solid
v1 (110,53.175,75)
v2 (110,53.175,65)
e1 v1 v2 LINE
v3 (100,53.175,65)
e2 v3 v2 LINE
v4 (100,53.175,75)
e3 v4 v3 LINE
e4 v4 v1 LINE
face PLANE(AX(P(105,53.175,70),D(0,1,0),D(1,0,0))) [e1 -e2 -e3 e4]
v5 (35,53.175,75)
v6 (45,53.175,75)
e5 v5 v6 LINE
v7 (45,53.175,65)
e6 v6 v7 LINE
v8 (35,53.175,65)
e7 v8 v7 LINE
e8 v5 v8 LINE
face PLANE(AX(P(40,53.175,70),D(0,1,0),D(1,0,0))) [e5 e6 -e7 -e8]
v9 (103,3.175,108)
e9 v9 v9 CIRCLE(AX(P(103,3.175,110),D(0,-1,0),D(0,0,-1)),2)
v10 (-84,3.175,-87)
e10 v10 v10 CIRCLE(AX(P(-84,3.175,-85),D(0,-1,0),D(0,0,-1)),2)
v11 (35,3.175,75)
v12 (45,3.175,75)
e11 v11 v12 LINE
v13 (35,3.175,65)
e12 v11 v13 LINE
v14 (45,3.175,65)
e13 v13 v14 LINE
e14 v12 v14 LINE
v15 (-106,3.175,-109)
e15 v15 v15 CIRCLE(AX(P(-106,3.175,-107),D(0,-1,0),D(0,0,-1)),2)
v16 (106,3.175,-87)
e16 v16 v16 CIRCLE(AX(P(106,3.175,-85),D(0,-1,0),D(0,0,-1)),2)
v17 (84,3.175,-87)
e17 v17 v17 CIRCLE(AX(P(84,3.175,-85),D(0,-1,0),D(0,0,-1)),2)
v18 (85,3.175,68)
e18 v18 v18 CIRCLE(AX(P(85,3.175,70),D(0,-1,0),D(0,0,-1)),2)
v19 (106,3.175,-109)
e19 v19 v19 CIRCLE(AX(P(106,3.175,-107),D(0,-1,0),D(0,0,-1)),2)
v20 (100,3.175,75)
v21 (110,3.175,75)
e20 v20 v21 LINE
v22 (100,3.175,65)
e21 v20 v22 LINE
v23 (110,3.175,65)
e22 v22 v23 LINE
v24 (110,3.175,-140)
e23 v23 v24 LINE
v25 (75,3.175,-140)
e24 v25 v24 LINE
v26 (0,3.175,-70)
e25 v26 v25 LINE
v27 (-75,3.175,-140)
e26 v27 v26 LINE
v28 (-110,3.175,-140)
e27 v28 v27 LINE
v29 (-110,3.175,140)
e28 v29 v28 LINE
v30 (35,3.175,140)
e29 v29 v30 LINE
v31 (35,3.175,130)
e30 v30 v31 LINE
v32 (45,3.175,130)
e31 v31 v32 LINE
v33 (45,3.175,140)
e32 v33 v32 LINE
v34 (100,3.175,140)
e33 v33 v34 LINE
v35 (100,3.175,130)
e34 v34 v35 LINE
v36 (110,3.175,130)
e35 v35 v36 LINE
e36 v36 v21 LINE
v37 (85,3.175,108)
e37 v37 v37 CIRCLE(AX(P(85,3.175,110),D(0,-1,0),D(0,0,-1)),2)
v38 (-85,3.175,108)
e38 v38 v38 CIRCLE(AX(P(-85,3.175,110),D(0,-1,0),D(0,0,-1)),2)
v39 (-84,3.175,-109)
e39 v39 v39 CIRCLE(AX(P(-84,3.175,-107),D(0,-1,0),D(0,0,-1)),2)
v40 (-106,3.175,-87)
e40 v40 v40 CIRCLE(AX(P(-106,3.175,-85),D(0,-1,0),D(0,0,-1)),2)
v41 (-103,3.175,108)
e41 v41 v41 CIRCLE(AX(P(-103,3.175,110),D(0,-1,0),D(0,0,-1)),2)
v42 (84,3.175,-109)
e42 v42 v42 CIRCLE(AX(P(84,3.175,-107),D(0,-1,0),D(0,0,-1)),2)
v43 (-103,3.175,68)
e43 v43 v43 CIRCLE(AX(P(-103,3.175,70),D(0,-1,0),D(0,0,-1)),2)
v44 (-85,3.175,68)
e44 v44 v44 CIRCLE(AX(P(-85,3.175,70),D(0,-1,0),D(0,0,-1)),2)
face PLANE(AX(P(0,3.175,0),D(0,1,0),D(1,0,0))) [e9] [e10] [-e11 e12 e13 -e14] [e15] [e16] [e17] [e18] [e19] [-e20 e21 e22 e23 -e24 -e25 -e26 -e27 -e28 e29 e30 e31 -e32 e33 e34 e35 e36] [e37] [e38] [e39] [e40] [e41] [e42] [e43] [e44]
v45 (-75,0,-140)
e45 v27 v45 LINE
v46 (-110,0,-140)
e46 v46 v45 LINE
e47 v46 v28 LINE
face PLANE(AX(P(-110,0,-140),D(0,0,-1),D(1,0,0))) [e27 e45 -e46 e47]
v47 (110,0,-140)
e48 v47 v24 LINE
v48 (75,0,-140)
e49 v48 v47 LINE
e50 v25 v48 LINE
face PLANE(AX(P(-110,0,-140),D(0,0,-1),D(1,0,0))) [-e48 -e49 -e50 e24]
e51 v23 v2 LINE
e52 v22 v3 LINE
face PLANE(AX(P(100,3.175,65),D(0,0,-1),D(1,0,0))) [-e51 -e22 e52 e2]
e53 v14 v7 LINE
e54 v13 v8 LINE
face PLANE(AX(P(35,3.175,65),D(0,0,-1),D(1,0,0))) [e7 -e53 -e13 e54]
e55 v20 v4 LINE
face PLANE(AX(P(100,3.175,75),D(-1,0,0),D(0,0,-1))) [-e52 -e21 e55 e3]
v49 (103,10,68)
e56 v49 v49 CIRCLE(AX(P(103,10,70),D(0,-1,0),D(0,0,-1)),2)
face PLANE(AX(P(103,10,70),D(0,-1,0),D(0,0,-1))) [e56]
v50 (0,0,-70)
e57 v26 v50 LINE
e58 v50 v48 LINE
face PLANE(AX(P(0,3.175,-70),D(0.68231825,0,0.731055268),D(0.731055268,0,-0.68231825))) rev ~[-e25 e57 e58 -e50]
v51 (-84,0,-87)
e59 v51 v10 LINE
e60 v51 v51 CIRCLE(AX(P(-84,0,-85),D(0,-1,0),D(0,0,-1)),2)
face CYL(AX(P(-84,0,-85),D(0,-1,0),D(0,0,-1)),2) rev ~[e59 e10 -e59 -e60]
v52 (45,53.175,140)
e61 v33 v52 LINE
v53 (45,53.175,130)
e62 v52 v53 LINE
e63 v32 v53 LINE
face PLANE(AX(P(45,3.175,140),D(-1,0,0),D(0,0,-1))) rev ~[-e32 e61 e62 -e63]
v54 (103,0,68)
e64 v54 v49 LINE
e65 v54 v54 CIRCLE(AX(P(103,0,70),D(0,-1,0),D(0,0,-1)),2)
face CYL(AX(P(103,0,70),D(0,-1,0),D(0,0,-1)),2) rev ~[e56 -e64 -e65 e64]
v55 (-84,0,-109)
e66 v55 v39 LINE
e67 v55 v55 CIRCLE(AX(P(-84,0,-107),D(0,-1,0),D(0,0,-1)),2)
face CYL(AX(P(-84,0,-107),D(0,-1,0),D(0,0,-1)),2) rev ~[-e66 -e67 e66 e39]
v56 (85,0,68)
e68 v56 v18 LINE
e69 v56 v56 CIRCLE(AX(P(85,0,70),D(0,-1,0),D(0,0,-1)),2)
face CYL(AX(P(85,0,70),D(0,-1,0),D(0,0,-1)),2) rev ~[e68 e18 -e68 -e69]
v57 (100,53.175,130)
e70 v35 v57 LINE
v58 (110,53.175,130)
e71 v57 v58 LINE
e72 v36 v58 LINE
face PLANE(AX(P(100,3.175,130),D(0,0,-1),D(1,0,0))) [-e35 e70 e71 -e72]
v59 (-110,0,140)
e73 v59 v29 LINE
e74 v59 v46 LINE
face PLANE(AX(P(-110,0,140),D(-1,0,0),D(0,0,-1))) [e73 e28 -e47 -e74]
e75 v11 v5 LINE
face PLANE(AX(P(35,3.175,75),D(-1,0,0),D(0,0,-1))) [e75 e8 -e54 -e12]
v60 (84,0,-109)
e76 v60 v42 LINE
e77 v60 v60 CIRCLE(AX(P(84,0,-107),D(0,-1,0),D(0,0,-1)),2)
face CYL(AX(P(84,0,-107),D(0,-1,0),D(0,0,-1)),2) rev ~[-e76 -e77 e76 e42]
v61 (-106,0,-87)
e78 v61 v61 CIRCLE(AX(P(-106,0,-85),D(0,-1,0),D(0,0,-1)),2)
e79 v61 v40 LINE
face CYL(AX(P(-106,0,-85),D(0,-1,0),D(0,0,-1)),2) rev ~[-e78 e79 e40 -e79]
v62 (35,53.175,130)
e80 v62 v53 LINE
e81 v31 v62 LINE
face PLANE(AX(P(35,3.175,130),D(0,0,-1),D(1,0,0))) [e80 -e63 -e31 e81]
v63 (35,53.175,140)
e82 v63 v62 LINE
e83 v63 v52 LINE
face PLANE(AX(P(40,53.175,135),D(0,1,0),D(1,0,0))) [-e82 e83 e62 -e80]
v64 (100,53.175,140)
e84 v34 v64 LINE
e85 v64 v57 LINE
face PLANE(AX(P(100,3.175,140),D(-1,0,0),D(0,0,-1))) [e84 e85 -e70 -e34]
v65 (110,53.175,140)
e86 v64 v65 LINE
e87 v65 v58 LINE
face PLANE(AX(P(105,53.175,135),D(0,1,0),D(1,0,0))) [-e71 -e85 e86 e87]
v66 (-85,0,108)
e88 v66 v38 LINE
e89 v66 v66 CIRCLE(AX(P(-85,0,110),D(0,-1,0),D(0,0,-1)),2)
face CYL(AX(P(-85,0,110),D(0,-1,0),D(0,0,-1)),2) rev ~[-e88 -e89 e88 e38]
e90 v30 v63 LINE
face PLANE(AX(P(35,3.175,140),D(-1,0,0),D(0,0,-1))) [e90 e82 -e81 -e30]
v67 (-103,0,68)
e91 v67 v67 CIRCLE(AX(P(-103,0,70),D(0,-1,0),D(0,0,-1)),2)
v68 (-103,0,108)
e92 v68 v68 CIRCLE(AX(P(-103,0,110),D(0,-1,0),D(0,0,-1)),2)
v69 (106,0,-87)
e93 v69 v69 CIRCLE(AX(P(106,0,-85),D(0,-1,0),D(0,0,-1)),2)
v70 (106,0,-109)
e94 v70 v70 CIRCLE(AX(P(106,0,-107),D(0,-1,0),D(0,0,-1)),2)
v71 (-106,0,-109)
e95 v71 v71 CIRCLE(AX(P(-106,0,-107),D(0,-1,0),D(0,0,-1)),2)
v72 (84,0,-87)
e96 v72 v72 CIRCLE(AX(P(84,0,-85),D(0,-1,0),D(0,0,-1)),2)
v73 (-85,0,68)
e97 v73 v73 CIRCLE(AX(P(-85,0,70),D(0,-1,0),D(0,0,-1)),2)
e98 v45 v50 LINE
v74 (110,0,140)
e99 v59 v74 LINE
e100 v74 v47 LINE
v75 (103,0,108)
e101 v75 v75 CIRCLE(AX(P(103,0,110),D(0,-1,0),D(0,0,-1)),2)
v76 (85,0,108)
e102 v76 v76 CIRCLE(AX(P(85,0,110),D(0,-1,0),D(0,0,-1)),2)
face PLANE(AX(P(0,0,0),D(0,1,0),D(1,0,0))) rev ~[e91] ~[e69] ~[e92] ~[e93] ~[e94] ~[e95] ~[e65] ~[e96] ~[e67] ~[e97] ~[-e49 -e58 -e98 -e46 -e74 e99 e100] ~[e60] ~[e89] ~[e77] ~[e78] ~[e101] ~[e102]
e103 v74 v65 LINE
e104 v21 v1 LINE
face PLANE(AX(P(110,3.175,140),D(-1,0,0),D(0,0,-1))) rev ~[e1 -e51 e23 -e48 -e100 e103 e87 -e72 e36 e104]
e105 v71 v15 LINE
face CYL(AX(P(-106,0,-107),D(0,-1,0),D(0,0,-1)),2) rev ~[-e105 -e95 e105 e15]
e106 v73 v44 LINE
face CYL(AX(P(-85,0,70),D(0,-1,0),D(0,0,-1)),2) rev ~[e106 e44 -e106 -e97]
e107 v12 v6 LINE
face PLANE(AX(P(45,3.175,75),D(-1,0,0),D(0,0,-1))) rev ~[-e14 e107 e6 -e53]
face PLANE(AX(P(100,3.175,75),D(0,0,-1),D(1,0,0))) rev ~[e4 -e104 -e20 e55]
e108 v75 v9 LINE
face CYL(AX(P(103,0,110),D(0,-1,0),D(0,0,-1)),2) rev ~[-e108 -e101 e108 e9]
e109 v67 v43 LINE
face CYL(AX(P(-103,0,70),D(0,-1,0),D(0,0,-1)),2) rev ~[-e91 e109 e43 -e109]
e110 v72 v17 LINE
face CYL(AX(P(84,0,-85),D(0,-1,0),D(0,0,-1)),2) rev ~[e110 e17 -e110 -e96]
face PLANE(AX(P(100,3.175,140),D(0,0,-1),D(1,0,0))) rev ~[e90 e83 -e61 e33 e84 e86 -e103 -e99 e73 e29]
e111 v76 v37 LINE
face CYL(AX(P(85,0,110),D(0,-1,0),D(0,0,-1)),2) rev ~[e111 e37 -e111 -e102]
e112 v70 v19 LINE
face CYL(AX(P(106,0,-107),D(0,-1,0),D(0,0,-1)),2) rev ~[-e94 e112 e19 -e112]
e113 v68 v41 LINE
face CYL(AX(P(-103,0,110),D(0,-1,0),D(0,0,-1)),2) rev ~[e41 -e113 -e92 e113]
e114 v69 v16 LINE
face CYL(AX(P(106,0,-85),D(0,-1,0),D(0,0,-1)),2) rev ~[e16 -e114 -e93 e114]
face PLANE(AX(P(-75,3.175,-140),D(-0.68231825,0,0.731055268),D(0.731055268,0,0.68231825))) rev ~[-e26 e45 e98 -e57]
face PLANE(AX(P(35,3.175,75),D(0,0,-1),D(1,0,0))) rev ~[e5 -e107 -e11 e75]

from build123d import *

# Parameters (mm, degrees)
SKETCH3_W           = 220
SKETCH3_H           = 280
BOSS_EXTRUDE1_DEPTH = 3.175
SKETCH4_W           = 10
SKETCH4_H           = 10
BOSS_EXTRUDE2_DEPTH = 50
SKETCH7_R           = 2
SKETCH7_R_2         = 2.000000006
SKETCH7_R_3         = 1.999999994
CUT_EXTRUDE2_DEPTH  = 10
CUT_EXTRUDE4_DEPTH  = 10


with BuildPart() as part:
    # Sketch3 → Boss-Extrude1 (new body)
    with BuildSketch(Plane(origin=(0, 0, 0), x_dir=(1, 0, 0), z_dir=(0, 1, 0))):
        Rectangle(SKETCH3_W, SKETCH3_H)
    extrude(amount=BOSS_EXTRUDE1_DEPTH)

    # Sketch4 → Boss-Extrude2 (add)
    with BuildSketch(Plane(origin=(0, 3.175, 0), x_dir=(1, 0, 0), z_dir=(0, 1, 0))):
        with Locations((105, -135)):
            Rectangle(SKETCH4_W, SKETCH4_H)
        with Locations((105, -70)):
            Rectangle(SKETCH4_W, SKETCH4_H)
        with Locations((40, -135)):
            Rectangle(SKETCH4_W, SKETCH4_H)
        with Locations((40, -70)):
            Rectangle(SKETCH4_W, SKETCH4_H)
    extrude(amount=BOSS_EXTRUDE2_DEPTH)

    # Sketch7 → Cut-Extrude2 (cut)
    with BuildSketch(Plane.XZ):
        with Locations(Location((-103, 70, 0), (0, 0, 270))):
            Circle(SKETCH7_R)
        with Locations(Location((-103, 110, 0), (0, 0, 270))):
            Circle(SKETCH7_R)
        with Locations(Location((-85, 110, 0), (0, 0, 270))):
            Circle(SKETCH7_R_2)
        with Locations(Location((-85, 70, 0), (0, 0, 270))):
            Circle(SKETCH7_R)
        with Locations(Location((85, 110, 0), (0, 0, 270))):
            Circle(SKETCH7_R_3)
        with Locations(Location((103, 110, 0), (0, 0, 270))):
            Circle(SKETCH7_R)
        with Locations(Location((103, 70, 0), (0, 0, 270))):
            Circle(SKETCH7_R)
        with Locations(Location((85, 70, 0), (0, 0, 270))):
            Circle(SKETCH7_R)
        with Locations(Location((106, -107, 0), (0, 0, 270))):
            Circle(SKETCH7_R)
        with Locations(Location((84, -85, 0), (0, 0, 270))):
            Circle(SKETCH7_R)
        with Locations(Location((106, -85, 0), (0, 0, 270))):
            Circle(SKETCH7_R)
        with Locations(Location((84, -107, 0), (0, 0, 270))):
            Circle(SKETCH7_R)
        with Locations(Location((-84, -107, 0), (0, 0, 270))):
            Circle(SKETCH7_R)
        with Locations(Location((-106, -107, 0), (0, 0, 270))):
            Circle(SKETCH7_R)
        with Locations(Location((-106, -85, 0), (0, 0, 270))):
            Circle(SKETCH7_R)
        with Locations(Location((-84, -85, 0), (0, 0, 270))):
            Circle(SKETCH7_R)
    extrude(amount=-CUT_EXTRUDE2_DEPTH, mode=Mode.SUBTRACT)

    # Sketch9 → Cut-Extrude4 (cut)
    with BuildSketch(Plane(origin=(0, 3.175, 0), x_dir=(1, 0, 0), z_dir=(0, 1, 0))):
        Polygon((0, 70), (75, 140), (-75, 140), align=None)
    extrude(amount=-CUT_EXTRUDE4_DEPTH, mode=Mode.SUBTRACT)


solid = part.part
